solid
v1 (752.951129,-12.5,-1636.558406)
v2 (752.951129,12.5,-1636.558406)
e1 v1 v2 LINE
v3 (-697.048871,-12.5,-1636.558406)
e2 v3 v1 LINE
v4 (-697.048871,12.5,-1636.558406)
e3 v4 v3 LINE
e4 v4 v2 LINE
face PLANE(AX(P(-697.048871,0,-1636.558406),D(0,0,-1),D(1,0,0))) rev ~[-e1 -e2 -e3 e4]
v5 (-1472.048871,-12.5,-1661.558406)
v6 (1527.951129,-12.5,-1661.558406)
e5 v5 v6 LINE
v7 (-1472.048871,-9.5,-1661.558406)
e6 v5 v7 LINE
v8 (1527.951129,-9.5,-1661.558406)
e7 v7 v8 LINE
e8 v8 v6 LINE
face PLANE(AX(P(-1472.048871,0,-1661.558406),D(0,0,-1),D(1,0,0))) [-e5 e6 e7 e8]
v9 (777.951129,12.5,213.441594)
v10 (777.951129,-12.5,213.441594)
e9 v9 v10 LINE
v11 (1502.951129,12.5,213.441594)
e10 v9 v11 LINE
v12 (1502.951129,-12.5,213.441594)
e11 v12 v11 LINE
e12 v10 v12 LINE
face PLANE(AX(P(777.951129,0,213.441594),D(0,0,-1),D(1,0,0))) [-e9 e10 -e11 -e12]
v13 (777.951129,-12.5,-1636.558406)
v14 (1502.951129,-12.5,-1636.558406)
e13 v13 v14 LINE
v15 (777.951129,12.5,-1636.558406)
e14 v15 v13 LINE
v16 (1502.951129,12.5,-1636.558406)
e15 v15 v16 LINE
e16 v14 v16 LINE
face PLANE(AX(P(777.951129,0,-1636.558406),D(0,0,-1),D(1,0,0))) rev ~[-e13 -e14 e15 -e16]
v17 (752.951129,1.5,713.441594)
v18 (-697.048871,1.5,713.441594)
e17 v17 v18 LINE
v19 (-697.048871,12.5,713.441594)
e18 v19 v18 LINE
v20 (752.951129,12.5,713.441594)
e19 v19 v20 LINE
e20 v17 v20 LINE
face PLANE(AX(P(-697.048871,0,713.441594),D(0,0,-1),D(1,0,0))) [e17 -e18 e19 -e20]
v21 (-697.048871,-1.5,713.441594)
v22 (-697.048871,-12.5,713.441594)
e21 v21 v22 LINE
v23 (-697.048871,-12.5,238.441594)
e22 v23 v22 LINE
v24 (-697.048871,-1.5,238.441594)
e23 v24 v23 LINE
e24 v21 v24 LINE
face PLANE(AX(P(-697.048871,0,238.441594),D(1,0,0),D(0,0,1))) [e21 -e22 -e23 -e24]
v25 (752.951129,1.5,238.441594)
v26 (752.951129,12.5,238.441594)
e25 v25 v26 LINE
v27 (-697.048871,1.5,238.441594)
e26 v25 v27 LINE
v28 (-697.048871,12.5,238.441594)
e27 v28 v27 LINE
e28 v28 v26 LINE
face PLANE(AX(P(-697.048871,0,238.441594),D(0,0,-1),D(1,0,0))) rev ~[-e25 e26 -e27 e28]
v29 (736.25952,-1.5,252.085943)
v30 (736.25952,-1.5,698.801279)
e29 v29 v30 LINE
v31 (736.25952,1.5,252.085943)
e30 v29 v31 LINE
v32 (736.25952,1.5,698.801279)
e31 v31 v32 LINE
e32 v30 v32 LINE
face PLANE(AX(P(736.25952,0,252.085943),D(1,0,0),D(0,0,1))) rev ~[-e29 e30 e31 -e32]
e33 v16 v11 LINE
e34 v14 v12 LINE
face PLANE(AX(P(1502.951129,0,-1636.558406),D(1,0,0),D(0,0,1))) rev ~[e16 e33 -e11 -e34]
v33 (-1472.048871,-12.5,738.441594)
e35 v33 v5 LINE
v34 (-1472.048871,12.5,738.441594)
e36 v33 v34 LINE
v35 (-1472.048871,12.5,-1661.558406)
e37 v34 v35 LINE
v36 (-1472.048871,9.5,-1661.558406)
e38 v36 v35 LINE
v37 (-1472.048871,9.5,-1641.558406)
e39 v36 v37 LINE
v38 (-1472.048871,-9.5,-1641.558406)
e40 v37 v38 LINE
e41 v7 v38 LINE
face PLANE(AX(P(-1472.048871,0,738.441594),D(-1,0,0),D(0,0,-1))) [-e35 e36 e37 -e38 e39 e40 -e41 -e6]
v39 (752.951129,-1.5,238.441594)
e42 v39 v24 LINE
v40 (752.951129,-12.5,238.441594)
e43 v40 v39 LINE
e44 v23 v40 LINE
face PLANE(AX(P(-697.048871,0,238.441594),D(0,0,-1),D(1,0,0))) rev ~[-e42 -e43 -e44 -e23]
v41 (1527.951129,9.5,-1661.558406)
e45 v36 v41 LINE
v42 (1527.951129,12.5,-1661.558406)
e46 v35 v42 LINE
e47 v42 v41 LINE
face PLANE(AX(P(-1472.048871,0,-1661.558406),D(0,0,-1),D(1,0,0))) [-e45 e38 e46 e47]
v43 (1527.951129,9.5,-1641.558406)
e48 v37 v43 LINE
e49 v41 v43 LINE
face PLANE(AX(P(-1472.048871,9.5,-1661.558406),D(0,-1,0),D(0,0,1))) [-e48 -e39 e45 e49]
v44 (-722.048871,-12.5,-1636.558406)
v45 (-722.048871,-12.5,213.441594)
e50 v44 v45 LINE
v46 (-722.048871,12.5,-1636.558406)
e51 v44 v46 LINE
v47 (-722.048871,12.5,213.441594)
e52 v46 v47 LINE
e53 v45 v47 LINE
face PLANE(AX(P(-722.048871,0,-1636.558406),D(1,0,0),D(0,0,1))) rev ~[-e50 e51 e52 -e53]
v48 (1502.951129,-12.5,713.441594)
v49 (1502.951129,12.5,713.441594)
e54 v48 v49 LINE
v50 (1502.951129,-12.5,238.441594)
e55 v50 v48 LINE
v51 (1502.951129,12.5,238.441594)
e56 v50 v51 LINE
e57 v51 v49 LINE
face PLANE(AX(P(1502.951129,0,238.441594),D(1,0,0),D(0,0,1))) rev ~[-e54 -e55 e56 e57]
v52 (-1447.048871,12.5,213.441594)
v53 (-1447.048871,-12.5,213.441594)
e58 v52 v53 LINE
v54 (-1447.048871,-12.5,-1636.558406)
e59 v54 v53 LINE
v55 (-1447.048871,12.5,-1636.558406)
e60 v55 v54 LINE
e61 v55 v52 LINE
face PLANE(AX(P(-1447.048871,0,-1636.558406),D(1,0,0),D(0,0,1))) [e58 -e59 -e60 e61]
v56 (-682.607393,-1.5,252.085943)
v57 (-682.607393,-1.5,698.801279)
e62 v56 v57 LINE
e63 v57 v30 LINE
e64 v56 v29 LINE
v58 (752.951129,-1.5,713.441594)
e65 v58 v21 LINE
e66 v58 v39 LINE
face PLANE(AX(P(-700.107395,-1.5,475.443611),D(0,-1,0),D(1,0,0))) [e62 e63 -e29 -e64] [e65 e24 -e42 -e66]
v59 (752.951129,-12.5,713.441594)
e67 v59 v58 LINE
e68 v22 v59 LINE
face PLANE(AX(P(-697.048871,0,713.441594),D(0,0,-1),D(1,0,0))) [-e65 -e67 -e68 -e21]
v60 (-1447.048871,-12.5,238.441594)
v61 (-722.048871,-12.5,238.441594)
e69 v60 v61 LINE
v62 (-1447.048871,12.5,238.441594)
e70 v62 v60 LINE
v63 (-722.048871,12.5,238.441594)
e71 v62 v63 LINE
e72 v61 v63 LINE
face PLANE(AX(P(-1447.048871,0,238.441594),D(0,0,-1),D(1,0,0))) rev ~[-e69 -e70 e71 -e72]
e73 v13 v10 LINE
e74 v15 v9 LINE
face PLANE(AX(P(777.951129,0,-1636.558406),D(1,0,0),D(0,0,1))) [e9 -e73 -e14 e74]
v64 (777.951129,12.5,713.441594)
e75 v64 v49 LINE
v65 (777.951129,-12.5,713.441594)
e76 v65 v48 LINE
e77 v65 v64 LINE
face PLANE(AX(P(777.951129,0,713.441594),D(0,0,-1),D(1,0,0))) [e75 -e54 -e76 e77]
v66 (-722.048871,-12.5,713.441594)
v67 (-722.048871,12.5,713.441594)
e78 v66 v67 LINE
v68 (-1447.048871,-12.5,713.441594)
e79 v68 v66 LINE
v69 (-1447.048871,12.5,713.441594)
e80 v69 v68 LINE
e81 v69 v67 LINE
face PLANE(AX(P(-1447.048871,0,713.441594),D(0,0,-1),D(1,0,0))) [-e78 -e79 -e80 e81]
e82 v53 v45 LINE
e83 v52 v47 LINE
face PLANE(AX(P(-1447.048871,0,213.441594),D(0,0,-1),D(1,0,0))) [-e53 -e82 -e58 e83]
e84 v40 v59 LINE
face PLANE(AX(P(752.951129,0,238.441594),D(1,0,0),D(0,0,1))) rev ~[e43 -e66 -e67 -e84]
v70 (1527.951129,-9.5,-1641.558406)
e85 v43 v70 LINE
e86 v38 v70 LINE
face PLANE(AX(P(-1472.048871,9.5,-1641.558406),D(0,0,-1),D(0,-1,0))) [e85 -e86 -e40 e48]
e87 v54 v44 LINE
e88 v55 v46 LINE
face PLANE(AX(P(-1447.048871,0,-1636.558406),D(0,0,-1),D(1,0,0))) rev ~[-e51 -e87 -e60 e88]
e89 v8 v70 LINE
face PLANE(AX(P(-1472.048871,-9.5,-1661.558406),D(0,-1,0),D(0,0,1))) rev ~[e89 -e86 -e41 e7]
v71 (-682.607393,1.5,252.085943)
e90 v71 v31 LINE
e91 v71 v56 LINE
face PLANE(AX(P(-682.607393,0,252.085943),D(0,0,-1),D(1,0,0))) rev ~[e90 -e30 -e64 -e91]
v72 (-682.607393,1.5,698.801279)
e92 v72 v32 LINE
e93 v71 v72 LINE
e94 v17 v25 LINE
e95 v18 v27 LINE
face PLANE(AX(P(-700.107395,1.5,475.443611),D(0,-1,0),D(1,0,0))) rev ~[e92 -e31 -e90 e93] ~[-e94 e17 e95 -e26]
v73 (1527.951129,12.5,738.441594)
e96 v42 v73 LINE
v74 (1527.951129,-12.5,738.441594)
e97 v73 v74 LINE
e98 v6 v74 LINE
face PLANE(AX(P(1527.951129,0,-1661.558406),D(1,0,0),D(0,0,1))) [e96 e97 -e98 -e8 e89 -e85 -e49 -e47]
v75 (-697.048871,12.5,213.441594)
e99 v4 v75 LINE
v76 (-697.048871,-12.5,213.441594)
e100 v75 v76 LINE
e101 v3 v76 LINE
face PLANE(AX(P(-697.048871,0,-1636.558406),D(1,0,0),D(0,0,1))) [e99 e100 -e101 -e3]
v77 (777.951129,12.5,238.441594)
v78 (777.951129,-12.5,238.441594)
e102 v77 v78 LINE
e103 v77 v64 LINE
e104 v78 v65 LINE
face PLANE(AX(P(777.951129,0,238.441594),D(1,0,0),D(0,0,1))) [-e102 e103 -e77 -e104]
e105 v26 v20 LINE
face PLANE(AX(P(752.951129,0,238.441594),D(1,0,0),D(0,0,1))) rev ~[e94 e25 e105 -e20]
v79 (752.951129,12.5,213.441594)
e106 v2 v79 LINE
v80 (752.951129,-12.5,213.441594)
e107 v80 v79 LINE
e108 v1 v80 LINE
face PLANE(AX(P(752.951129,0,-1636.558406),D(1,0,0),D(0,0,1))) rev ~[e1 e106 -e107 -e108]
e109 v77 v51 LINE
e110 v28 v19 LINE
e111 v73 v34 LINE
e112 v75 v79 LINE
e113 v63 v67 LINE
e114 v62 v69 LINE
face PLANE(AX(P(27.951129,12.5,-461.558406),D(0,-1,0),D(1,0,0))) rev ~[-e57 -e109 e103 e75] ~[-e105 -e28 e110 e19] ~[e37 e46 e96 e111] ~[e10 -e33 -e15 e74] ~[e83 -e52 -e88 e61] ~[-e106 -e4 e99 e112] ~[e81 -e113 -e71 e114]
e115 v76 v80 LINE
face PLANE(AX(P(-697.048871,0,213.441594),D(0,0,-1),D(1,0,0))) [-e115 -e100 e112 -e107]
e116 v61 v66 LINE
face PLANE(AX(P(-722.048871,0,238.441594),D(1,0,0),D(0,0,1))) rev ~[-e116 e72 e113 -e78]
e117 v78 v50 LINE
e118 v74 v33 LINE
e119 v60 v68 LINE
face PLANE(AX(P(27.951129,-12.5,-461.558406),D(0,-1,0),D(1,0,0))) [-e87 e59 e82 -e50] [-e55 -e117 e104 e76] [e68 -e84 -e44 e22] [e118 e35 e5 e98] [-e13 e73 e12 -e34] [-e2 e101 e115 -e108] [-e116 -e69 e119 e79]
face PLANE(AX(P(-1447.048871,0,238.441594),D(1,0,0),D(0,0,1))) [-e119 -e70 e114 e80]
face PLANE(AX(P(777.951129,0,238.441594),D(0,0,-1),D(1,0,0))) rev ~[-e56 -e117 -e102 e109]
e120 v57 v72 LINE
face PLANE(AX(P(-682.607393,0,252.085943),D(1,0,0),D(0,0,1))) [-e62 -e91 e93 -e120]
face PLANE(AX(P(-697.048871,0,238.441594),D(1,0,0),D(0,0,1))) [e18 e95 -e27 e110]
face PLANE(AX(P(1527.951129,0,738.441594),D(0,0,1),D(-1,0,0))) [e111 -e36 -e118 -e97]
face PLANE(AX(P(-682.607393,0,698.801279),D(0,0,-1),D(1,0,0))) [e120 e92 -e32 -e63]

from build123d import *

# Parameters (mm, degrees)
F0_W     = 725
F0_H     = 1850
F0_W_2   = 1450
F0_H_2   = 475
F1_DEPTH = 12.5
F2_DEPTH = 12.5
F3_W     = 19
F3_H     = 20
F4_DEPTH = 3000
F5_W     = 4.999995
F5_H     = 486.715336
F5_W_2   = 1453.866918
F5_W_3   = 1418.866913
F5_H_2   = 446.715336
F6_DEPTH = 1.5


with BuildPart() as f1:
    # F0 (on Front) → F1 (new body, symmetric)
    with BuildSketch(Plane.XZ):
        Polygon((-1472.048871, 238.441594), (-1472.048871, -1661.558406), (1527.951129, -1661.558406), (1527.951129, 738.441594), (752.951129, 738.441594), (-697.048871, 738.441594), (-1472.048871, 738.441594), align=None)
        with Locations((-1084.548871, -711.558406)):
            Rectangle(F0_W, F0_H, mode=Mode.SUBTRACT)
        with Locations((27.951129, -711.558406)):
            Rectangle(F0_W_2, F0_H, mode=Mode.SUBTRACT)
        with Locations((1140.451129, -711.558406)):
            Rectangle(F0_W, F0_H, mode=Mode.SUBTRACT)
        with Locations((-1084.548871, 475.941594)):
            Rectangle(F0_W, F0_H_2, mode=Mode.SUBTRACT)
        with Locations((27.951129, 475.941594)):
            Rectangle(F0_W_2, F0_H_2, mode=Mode.SUBTRACT)
        with Locations((1140.451129, 475.941594)):
            Rectangle(F0_W, F0_H_2, mode=Mode.SUBTRACT)
    extrude(amount=F1_DEPTH, both=True)

    # F0 (on Front) → F2 (join, symmetric)
    with BuildSketch(Plane.XZ):
        Polygon((-1472.048871, 238.441594), (-1472.048871, -1661.558406), (1527.951129, -1661.558406), (1527.951129, 738.441594), (752.951129, 738.441594), (-697.048871, 738.441594), (-1472.048871, 738.441594), align=None)
        with Locations((-1084.548871, -711.558406)):
            Rectangle(F0_W, F0_H, mode=Mode.SUBTRACT)
        with Locations((27.951129, -711.558406)):
            Rectangle(F0_W_2, F0_H, mode=Mode.SUBTRACT)
        with Locations((1140.451129, -711.558406)):
            Rectangle(F0_W, F0_H, mode=Mode.SUBTRACT)
        with Locations((-1084.548871, 475.941594)):
            Rectangle(F0_W, F0_H_2, mode=Mode.SUBTRACT)
        with Locations((27.951129, 475.941594)):
            Rectangle(F0_W_2, F0_H_2, mode=Mode.SUBTRACT)
        with Locations((1140.451129, 475.941594)):
            Rectangle(F0_W, F0_H_2, mode=Mode.SUBTRACT)
    extrude(amount=F2_DEPTH, both=True)

    # F3 (on face) → F4 (cut, through all)
    with BuildSketch(Plane(origin=(-1472.048871, 0, 0), x_dir=(0, -1, 0), z_dir=(-1, 0, 0))):
        with Locations((0, -1651.558406)):
            Rectangle(F3_W, F3_H)
    extrude(amount=-F4_DEPTH, mode=Mode.SUBTRACT)

    # F5 (on Front) → F6 (join, symmetric)
    with BuildSketch(Plane.XZ):
        with Locations((-700.107395, 475.443611)):
            Rectangle(F5_W, F5_H)
        with Locations((29.326061, 475.443611)):
            Rectangle(F5_W_2, F5_H)
        with Locations((26.826063, 475.443611)):
            Rectangle(F5_W_3, F5_H_2, mode=Mode.SUBTRACT)
    extrude(amount=F6_DEPTH, both=True)


solid = f1.part
